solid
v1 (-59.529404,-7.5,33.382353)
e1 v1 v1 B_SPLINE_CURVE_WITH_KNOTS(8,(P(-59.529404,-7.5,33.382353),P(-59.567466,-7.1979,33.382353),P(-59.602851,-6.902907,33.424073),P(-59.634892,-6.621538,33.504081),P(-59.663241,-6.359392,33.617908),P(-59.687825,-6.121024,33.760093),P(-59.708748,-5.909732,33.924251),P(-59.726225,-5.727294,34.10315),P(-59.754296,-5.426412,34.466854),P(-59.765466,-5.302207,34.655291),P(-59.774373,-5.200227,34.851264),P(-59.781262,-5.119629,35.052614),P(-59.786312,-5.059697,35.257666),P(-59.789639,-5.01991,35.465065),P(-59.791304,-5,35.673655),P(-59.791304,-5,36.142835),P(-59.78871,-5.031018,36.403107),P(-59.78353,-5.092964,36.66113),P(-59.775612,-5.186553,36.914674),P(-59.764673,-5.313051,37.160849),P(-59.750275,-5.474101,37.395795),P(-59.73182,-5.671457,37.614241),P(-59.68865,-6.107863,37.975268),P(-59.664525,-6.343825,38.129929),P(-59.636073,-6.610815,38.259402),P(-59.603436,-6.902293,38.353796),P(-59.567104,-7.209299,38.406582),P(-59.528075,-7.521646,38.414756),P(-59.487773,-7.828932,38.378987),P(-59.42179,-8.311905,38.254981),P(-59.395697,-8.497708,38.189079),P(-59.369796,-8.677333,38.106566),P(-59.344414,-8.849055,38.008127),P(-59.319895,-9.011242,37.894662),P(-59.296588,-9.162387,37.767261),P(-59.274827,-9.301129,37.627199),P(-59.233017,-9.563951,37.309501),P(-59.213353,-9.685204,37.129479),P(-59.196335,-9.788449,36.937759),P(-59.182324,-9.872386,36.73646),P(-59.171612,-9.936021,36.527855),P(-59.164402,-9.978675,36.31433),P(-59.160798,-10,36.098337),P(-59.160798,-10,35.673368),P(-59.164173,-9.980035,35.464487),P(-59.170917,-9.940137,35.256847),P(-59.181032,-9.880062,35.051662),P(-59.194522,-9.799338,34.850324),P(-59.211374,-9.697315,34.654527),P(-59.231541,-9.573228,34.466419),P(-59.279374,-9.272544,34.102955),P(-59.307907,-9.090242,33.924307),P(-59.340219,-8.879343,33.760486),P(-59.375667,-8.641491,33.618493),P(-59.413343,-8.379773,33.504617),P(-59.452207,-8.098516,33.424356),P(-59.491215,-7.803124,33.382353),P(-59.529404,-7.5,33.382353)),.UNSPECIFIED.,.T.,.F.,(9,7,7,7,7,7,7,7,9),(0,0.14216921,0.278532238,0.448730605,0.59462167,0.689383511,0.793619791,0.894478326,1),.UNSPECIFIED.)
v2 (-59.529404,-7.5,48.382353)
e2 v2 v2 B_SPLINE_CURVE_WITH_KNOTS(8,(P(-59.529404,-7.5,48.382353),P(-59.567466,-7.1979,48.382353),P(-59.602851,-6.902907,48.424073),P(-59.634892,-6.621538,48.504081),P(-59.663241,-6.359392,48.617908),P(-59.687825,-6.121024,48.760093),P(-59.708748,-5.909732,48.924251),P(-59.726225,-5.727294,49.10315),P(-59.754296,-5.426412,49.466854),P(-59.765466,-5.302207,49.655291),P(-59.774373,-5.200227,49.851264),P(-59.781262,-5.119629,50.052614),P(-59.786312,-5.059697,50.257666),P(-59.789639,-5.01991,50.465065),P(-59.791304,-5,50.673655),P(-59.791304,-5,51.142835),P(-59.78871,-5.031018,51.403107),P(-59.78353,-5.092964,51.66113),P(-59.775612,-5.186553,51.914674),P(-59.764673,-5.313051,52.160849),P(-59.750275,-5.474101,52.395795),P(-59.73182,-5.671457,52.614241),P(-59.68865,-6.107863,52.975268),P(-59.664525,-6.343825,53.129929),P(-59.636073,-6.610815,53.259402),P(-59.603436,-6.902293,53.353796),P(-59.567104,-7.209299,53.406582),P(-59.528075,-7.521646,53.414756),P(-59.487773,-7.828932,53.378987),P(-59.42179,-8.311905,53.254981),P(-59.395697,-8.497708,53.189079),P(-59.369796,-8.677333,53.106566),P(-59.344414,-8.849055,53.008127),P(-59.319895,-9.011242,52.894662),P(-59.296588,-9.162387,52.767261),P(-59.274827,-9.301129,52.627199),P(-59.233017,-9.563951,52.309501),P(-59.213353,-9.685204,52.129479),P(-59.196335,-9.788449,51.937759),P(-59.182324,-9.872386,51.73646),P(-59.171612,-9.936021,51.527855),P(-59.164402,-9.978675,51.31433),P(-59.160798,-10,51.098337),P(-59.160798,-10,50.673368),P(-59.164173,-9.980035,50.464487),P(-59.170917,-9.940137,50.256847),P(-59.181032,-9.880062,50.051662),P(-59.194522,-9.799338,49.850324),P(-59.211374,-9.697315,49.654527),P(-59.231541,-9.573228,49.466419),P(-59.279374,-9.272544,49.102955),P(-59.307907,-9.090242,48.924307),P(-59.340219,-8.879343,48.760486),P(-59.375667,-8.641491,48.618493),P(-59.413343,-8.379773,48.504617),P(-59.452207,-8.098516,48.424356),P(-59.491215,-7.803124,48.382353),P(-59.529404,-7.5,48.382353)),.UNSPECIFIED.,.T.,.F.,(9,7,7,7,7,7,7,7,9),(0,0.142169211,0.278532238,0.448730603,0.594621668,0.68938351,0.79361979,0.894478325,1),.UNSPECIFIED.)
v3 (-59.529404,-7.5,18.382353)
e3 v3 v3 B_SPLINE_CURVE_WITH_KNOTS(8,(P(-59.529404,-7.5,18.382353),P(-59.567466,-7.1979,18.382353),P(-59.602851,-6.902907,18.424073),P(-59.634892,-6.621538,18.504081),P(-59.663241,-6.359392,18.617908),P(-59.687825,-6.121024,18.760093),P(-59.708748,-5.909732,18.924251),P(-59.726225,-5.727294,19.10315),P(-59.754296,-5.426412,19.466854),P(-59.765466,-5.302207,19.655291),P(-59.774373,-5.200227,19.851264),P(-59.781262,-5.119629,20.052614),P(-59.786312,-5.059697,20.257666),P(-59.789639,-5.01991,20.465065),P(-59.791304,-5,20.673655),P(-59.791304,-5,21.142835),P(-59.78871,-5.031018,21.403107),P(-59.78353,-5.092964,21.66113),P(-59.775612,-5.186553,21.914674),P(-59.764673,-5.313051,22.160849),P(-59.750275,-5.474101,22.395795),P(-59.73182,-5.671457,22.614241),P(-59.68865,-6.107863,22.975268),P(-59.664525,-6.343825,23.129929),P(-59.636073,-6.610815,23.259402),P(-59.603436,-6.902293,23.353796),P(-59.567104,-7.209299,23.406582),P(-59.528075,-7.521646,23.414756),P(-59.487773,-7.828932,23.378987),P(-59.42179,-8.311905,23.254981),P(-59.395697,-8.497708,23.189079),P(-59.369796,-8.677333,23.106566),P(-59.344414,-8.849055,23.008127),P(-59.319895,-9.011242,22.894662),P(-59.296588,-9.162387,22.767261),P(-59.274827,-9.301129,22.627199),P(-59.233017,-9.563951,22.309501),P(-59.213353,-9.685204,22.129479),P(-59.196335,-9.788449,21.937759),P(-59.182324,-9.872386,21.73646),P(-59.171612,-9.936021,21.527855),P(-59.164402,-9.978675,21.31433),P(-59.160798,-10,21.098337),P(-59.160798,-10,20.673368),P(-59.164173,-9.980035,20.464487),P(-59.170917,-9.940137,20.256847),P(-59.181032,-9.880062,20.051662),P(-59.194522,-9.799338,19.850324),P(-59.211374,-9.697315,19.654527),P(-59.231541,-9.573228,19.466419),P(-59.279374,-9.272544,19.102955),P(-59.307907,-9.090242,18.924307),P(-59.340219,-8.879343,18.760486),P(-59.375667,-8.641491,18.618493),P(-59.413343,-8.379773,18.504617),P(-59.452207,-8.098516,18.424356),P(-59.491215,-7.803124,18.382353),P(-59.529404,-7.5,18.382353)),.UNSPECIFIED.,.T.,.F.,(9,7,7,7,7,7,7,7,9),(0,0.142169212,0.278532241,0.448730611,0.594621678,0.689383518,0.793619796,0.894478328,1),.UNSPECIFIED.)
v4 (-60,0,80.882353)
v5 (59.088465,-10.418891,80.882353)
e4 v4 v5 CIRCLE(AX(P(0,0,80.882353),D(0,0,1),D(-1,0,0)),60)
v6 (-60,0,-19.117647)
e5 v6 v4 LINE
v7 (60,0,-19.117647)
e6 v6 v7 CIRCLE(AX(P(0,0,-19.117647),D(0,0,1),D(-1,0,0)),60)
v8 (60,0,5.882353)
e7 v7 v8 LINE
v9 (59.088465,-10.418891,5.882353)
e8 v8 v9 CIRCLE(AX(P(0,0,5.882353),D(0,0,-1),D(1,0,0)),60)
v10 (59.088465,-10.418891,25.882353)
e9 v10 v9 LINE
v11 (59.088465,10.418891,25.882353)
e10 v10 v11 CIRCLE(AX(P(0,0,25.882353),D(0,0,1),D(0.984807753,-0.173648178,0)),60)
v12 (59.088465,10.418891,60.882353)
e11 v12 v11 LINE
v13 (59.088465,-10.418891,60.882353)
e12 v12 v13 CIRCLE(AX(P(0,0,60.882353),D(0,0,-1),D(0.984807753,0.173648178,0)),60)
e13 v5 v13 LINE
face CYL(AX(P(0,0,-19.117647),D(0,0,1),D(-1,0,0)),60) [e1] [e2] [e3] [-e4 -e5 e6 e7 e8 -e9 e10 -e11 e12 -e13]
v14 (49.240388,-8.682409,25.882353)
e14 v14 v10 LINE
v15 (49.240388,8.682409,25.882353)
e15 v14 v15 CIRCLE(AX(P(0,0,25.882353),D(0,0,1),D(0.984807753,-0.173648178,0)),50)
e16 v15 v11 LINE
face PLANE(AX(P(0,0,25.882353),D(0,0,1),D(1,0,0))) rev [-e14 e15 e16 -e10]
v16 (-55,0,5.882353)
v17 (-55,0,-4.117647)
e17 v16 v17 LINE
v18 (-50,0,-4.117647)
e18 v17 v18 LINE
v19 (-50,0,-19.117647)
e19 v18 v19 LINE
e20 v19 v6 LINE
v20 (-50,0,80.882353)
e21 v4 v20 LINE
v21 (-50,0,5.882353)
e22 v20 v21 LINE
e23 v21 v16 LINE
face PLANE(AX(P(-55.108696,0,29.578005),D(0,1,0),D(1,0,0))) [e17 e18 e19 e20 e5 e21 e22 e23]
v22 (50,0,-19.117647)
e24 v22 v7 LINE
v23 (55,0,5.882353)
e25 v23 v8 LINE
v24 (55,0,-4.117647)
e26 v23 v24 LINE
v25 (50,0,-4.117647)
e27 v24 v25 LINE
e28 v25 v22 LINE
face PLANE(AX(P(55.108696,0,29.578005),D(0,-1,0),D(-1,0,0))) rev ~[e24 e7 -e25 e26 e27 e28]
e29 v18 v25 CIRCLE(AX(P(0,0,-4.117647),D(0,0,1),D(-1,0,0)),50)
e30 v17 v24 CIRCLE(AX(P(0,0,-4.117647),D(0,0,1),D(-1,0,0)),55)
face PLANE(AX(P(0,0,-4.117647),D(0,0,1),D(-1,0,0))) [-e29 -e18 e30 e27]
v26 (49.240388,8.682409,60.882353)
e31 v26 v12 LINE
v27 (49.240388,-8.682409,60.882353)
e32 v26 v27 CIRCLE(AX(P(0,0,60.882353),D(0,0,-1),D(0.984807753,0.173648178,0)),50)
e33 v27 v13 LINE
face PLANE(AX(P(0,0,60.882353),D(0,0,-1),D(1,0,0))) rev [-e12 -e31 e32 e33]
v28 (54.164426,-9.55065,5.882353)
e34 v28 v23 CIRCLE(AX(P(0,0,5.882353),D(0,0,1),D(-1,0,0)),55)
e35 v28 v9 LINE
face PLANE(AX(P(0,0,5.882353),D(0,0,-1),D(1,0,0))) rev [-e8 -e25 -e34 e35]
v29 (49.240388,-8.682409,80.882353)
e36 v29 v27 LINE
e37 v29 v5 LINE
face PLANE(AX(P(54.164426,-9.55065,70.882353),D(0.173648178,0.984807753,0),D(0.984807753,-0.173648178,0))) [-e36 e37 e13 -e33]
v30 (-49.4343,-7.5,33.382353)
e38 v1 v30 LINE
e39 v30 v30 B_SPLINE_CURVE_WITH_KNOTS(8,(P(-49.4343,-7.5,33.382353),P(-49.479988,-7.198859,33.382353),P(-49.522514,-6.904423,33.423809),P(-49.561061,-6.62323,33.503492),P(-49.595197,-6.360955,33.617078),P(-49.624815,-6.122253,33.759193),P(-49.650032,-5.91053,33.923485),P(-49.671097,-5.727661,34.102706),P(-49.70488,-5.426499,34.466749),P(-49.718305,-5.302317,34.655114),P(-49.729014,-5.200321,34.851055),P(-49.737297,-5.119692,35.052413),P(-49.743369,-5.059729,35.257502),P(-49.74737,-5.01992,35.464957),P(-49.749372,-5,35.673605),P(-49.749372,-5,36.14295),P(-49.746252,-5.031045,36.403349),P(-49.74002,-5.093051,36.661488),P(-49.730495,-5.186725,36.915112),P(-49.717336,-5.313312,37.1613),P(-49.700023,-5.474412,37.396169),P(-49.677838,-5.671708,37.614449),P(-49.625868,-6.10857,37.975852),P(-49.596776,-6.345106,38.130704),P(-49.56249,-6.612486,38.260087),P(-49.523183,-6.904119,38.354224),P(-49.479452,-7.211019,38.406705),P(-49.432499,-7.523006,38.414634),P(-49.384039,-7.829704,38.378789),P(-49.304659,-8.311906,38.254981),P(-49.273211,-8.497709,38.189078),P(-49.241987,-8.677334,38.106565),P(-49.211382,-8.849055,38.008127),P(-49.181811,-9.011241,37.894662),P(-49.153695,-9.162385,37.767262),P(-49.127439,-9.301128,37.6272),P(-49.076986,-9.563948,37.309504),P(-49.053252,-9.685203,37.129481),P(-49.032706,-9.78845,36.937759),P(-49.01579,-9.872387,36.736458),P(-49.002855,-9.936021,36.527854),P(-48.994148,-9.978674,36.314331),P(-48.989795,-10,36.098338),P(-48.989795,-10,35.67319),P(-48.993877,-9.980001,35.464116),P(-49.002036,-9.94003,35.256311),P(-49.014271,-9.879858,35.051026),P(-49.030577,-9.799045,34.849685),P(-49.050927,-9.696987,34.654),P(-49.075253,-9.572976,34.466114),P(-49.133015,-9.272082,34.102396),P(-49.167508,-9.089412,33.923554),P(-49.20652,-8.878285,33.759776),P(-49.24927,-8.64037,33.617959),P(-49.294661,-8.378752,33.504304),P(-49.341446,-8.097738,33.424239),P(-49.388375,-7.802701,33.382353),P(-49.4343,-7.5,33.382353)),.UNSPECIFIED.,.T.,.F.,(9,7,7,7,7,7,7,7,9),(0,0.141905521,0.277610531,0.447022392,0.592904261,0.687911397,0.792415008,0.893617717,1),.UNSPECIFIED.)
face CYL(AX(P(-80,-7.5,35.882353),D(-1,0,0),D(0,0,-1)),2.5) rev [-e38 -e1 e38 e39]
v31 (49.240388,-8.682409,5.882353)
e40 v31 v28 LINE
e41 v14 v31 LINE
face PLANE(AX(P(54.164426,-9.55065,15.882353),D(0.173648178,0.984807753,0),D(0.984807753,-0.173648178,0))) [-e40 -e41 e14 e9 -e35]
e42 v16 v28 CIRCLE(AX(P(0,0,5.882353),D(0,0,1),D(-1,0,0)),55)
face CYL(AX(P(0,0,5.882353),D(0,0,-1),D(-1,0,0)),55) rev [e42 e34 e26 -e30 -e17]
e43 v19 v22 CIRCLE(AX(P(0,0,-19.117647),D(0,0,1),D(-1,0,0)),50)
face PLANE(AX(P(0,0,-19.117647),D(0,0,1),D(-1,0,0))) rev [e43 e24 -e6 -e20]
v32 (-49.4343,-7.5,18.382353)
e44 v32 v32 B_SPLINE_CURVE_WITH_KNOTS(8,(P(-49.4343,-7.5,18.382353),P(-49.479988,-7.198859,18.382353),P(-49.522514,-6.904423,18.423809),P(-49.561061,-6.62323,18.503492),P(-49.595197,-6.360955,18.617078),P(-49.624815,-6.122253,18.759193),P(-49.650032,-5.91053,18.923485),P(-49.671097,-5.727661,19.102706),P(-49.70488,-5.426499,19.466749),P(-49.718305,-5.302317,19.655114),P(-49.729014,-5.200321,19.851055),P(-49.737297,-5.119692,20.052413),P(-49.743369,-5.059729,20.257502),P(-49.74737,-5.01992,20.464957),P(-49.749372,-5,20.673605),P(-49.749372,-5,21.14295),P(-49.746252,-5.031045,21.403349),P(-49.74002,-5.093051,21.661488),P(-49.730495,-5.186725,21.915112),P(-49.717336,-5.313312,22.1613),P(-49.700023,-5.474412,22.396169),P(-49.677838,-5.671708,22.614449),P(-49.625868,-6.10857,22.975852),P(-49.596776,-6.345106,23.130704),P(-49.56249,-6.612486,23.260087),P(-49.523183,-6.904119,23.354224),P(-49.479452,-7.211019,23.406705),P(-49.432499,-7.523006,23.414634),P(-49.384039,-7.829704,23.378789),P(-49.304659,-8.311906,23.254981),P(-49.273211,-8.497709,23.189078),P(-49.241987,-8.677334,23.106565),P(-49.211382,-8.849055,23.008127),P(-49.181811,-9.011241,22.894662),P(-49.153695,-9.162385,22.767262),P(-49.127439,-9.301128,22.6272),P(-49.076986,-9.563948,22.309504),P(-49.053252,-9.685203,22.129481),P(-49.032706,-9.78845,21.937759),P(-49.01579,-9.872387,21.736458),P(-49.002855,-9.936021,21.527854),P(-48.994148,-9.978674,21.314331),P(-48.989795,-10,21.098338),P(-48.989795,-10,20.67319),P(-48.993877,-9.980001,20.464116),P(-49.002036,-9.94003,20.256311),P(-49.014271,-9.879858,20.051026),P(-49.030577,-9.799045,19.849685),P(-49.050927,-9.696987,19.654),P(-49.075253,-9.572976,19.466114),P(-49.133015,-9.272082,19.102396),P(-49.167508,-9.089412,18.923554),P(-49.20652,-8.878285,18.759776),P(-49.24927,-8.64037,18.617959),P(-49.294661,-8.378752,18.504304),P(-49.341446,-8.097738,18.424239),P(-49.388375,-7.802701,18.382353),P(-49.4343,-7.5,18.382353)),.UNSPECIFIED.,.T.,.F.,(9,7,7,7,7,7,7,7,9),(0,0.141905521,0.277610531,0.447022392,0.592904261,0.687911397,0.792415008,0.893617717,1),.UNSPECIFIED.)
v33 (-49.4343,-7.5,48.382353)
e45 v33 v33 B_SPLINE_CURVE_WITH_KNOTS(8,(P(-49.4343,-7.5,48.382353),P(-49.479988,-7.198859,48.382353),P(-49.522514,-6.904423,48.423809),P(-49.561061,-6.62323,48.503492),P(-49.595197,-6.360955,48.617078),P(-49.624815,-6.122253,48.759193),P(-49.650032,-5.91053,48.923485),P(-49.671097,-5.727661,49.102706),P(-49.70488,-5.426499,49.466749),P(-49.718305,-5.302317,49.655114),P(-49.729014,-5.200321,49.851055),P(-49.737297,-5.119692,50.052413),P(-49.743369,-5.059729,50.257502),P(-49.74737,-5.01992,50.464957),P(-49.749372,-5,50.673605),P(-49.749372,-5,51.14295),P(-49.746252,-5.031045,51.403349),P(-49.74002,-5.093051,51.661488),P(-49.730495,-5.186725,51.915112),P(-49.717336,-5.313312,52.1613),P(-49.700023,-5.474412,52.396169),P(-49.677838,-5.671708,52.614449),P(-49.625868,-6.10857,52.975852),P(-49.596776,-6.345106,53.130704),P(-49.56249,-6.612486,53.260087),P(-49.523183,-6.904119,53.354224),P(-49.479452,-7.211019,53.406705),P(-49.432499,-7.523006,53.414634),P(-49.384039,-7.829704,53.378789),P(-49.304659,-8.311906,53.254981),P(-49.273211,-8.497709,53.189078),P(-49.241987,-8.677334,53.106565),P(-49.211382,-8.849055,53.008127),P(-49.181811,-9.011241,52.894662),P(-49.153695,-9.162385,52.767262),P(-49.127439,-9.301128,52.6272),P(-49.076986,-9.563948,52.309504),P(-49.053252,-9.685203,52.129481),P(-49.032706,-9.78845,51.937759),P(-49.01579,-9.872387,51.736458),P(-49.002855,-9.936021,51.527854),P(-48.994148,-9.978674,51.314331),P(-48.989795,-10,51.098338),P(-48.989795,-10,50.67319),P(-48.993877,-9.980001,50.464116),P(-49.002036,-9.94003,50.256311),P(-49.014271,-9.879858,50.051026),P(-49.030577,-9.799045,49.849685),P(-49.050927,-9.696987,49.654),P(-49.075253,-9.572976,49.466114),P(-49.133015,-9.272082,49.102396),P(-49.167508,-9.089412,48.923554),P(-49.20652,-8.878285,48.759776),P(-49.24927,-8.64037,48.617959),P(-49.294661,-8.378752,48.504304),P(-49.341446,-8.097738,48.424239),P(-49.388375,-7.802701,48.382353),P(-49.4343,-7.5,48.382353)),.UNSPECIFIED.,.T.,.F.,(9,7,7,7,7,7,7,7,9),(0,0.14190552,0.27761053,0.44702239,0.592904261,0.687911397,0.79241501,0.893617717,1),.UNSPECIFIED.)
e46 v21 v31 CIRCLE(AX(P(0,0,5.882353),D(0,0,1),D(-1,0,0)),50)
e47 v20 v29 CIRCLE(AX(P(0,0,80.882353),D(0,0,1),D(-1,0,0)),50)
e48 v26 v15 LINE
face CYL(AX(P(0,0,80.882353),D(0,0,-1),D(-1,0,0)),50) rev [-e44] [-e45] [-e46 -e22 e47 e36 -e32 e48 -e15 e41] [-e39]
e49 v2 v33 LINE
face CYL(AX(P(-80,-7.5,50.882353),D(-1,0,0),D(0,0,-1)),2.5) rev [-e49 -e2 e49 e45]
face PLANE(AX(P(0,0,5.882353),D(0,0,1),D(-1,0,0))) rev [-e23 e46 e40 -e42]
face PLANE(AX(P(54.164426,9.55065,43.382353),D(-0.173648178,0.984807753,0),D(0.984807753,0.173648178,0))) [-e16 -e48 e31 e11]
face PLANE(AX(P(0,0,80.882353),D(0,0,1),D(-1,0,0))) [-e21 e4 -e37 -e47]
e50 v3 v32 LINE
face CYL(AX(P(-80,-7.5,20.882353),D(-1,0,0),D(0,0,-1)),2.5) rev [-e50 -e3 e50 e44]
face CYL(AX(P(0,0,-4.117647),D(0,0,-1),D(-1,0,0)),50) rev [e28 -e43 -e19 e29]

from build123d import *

# Parameters (mm, degrees)
REVOLVE1_ANGLE     = 180
SKETCH2_W          = 10
SKETCH2_H          = 35
REVOLVE2_ANGLE     = 10
SKETCH3_W          = 10
SKETCH3_H          = 20
CUT_REVOLVE1_ANGLE = 10
CUT_EXTRUDE2_REACH = 142
SKETCH5_R          = 2.5


with BuildPart() as part:
    # Sketch1 → Revolve1 (revolve)
    with BuildSketch(Plane(origin=(0, 0, 0), x_dir=(1, 0, 0), z_dir=(0, 1, 0))):
        Polygon((-60, 19.117647059), (-60, -80.882352941), (-50, -80.882352941), (-50, -5.882352941), (-55, -5.882352941), (-55, 4.117647059), (-50, 4.117647059), (-50, 19.117647059), align=None)
    revolve(axis=Axis((0, 0, -69.117647059), (0, 0, 1)), revolution_arc=REVOLVE1_ANGLE)

    # Sketch2 → Revolve2 (revolve)
    with BuildSketch(Plane(origin=(0, 0, 0), x_dir=(1, 0, 0), z_dir=(0, 1, 0))):
        with Locations((55, -43.382352941)):
            Rectangle(SKETCH2_W, SKETCH2_H)
    revolve(axis=Axis((0, 0, -76.274402341), (0, 0, 1)), revolution_arc=REVOLVE2_ANGLE)

    # Sketch3 → Cut-Revolve1 (revolve, cut)
    with BuildSketch(Plane(origin=(0, 0, 0), x_dir=(1, 0, 0), z_dir=(0, 1, 0))):
        with Locations((55, -70.882352941)):
            Rectangle(SKETCH3_W, SKETCH3_H)
        with Locations((55, -15.882352941)):
            Rectangle(SKETCH3_W, SKETCH3_H)
    revolve(axis=Axis((0, 0, -76.834720656), (0, 0, -1)), revolution_arc=CUT_REVOLVE1_ANGLE, mode=Mode.SUBTRACT)

    # Sketch5 → Cut-Extrude2 (cut, up to next)
    with BuildSketch(Plane(origin=(-80, 0, 0), x_dir=(0, 0, -1), z_dir=(1, 0, 0)), mode=Mode.PRIVATE) as cut_extrude2_sk1:
        with Locations((-35.882352941, -7.5)):
            Circle(SKETCH5_R)
    cut_extrude2_tool1 = extrude(cut_extrude2_sk1.sketch, amount=CUT_EXTRUDE2_REACH, mode=Mode.PRIVATE) & part.part
    add(cut_extrude2_tool1.solids().sort_by_distance((-80, -7.5, 35.882353))[0], mode=Mode.SUBTRACT)
    # Sketch5 → Cut-Extrude2 (cut, up to next)
    with BuildSketch(Plane(origin=(-80, 0, 0), x_dir=(0, 0, -1), z_dir=(1, 0, 0)), mode=Mode.PRIVATE) as cut_extrude2_sk2:
        with Locations((-50.882352941, -7.5)):
            Circle(SKETCH5_R)
    cut_extrude2_tool2 = extrude(cut_extrude2_sk2.sketch, amount=CUT_EXTRUDE2_REACH, mode=Mode.PRIVATE) & part.part
    add(cut_extrude2_tool2.solids().sort_by_distance((-80, -7.5, 50.882353))[0], mode=Mode.SUBTRACT)
    # Sketch5 → Cut-Extrude2 (cut, up to next)
    with BuildSketch(Plane(origin=(-80, 0, 0), x_dir=(0, 0, -1), z_dir=(1, 0, 0)), mode=Mode.PRIVATE) as cut_extrude2_sk3:
        with Locations((-20.882352941, -7.5)):
            Circle(SKETCH5_R)
    cut_extrude2_tool3 = extrude(cut_extrude2_sk3.sketch, amount=CUT_EXTRUDE2_REACH, mode=Mode.PRIVATE) & part.part
    add(cut_extrude2_tool3.solids().sort_by_distance((-80, -7.5, 20.882353))[0], mode=Mode.SUBTRACT)


solid = part.part
